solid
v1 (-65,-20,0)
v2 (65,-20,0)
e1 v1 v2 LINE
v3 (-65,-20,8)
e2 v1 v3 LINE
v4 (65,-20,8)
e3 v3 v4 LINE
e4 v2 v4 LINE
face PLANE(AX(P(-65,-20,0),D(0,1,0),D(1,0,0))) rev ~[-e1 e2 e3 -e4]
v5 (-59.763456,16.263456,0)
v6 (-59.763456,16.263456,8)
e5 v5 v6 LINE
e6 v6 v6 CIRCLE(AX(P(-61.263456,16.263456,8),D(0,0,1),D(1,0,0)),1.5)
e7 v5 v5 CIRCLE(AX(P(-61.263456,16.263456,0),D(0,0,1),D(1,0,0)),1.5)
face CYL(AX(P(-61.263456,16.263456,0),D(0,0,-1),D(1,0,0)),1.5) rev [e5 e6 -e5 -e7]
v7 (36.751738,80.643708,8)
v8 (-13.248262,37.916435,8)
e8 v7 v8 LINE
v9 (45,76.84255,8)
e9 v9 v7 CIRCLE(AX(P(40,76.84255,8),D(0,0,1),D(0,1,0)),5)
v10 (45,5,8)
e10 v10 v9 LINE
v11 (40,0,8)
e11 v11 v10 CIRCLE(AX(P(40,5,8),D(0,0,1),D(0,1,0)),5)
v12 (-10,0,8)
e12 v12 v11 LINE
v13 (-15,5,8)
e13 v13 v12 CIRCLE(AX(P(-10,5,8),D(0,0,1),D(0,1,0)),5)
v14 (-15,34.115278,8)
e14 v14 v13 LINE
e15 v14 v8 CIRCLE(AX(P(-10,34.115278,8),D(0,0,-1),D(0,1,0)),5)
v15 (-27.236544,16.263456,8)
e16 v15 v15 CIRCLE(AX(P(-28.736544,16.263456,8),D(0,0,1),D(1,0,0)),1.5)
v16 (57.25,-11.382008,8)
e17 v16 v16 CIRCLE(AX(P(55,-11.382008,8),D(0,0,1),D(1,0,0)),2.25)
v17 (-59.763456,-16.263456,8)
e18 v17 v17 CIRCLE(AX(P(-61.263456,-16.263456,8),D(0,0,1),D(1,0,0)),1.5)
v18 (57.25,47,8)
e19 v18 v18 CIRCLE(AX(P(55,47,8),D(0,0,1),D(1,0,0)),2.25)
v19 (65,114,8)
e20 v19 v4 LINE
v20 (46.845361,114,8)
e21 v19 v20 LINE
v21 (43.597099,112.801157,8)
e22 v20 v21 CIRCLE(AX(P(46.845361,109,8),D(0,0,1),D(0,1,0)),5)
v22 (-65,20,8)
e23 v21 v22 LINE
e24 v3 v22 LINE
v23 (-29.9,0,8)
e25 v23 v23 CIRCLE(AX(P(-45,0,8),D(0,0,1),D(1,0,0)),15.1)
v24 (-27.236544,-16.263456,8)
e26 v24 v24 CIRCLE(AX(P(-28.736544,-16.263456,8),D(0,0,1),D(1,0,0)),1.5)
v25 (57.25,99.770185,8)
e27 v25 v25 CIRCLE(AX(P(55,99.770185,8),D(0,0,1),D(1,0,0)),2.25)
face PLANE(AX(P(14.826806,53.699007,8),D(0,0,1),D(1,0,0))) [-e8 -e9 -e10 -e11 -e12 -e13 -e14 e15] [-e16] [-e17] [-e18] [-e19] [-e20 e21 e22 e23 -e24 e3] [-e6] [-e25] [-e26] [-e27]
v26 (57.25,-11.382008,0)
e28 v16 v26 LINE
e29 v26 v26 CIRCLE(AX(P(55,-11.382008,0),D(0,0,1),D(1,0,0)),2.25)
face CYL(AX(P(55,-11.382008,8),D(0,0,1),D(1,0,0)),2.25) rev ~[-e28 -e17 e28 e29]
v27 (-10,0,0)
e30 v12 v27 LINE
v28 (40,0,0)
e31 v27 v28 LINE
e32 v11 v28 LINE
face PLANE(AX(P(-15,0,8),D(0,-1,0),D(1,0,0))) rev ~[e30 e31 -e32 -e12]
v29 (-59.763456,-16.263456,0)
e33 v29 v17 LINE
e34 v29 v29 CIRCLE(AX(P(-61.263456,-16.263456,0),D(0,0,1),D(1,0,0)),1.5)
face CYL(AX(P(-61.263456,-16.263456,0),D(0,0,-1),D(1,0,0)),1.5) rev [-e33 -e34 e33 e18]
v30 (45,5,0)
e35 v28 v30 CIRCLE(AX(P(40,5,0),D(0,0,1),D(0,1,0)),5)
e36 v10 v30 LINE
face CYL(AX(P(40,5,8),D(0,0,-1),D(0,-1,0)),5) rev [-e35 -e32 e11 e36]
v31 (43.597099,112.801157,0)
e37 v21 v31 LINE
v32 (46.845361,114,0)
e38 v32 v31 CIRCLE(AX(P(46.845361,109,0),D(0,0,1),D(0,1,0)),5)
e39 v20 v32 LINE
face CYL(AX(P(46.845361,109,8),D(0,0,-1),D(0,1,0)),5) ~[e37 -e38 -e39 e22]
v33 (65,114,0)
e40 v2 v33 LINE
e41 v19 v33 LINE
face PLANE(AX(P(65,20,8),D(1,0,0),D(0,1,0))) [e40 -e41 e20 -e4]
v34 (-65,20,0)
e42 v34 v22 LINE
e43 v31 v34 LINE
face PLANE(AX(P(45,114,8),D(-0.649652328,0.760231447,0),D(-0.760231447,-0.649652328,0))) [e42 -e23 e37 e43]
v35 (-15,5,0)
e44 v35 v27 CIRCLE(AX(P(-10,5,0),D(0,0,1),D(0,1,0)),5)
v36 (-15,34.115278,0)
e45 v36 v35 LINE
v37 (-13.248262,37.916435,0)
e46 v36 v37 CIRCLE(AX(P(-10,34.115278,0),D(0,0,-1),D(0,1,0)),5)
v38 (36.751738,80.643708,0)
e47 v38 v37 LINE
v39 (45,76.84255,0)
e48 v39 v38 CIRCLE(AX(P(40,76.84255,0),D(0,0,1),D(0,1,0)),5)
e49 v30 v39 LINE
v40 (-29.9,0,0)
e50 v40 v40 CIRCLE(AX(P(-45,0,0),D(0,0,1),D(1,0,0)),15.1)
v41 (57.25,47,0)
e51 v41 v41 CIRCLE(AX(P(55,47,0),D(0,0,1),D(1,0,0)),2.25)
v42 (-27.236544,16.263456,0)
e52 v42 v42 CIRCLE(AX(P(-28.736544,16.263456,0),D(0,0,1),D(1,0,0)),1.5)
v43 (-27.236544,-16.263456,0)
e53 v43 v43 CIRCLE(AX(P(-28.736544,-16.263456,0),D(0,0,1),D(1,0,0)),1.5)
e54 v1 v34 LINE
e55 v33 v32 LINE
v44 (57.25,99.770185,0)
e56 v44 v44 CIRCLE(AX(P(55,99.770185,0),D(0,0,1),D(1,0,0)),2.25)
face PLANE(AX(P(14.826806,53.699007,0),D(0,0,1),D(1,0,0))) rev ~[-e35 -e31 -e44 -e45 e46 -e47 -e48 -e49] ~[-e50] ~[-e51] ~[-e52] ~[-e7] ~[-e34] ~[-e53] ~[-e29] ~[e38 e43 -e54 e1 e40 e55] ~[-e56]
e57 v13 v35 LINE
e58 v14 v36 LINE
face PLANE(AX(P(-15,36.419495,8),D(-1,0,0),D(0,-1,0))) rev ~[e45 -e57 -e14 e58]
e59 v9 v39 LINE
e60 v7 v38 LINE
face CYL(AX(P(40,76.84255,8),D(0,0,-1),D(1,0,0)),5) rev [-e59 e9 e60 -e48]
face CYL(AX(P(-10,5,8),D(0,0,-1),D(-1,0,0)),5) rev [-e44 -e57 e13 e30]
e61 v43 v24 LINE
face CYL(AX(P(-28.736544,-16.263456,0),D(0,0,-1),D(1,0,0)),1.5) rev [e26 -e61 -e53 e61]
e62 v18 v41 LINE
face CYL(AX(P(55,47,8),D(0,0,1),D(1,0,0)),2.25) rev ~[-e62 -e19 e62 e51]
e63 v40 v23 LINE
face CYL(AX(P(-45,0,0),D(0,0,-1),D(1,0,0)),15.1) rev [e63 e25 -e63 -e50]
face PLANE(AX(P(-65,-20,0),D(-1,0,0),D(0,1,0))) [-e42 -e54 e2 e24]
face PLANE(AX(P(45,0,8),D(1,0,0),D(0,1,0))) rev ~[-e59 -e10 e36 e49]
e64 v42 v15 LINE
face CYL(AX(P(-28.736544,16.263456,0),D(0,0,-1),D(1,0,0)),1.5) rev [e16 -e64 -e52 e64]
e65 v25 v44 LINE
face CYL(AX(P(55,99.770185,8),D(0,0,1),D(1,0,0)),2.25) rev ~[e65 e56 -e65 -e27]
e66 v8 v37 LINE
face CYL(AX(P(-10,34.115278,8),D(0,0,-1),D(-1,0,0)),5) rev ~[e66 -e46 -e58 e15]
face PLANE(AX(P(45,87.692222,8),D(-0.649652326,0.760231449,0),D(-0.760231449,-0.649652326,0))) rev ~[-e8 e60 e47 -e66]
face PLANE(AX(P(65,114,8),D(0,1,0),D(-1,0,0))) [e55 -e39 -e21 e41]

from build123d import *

# Parameters (mm, degrees)
F0_W     = 130
F0_H     = 40
F0_R     = 1.5
F0_R_2   = 15.1
F1_DEPTH = 8
F3_DEPTH = 8
F4_R     = 2.25
F5_DEPTH = 8.001
F6_R     = 5


with BuildPart() as f1:
    # F0 (on Top) → F1 (new body)
    with BuildSketch(Plane.XY):
        Rectangle(F0_W, F0_H)
        with Locations((-61.263456, -16.263456)):
            Circle(F0_R, mode=Mode.SUBTRACT)
        with Locations((-28.736544, -16.263456)):
            Circle(F0_R, mode=Mode.SUBTRACT)
        with Locations((-45, 0)):
            Circle(F0_R_2, mode=Mode.SUBTRACT)
        with Locations((-61.263456, 16.263456)):
            Circle(F0_R, mode=Mode.SUBTRACT)
        with Locations((-28.736544, 16.263456)):
            Circle(F0_R, mode=Mode.SUBTRACT)
    extrude(amount=F1_DEPTH)

    # F2 (on face) → F3 (join)
    with BuildSketch(Plane.XY.offset(8)):
        Polygon((65, 20), (65, 114), (45, 114), (-65, 20), align=None)
    extrude(amount=-F3_DEPTH)

    # F4 (on face) → F5 (cut, through all)
    with BuildSketch(Plane.XY.offset(8)):
        Polygon((-15, 36.419495), (-15, 0), (45, 0), (45, 87.692222), align=None)
        with Locations((55, 99.770185)):
            Circle(F4_R)
        with Locations((55, 47)):
            Circle(F4_R)
        with Locations((55, -11.382008)):
            Circle(F4_R)
    extrude(amount=-F5_DEPTH, mode=Mode.SUBTRACT)

    # F6
    f6_edges = [f1.edges().sort_by_distance(p)[0] for p in [
        (45, 114, 4),
        (-15, 36.419495, 4),
        (45, 87.692222, 4),
        (45, 0, 4),
        (-15, 0, 4),
    ]]
    fillet(f6_edges, radius=F6_R)


solid = f1.part
